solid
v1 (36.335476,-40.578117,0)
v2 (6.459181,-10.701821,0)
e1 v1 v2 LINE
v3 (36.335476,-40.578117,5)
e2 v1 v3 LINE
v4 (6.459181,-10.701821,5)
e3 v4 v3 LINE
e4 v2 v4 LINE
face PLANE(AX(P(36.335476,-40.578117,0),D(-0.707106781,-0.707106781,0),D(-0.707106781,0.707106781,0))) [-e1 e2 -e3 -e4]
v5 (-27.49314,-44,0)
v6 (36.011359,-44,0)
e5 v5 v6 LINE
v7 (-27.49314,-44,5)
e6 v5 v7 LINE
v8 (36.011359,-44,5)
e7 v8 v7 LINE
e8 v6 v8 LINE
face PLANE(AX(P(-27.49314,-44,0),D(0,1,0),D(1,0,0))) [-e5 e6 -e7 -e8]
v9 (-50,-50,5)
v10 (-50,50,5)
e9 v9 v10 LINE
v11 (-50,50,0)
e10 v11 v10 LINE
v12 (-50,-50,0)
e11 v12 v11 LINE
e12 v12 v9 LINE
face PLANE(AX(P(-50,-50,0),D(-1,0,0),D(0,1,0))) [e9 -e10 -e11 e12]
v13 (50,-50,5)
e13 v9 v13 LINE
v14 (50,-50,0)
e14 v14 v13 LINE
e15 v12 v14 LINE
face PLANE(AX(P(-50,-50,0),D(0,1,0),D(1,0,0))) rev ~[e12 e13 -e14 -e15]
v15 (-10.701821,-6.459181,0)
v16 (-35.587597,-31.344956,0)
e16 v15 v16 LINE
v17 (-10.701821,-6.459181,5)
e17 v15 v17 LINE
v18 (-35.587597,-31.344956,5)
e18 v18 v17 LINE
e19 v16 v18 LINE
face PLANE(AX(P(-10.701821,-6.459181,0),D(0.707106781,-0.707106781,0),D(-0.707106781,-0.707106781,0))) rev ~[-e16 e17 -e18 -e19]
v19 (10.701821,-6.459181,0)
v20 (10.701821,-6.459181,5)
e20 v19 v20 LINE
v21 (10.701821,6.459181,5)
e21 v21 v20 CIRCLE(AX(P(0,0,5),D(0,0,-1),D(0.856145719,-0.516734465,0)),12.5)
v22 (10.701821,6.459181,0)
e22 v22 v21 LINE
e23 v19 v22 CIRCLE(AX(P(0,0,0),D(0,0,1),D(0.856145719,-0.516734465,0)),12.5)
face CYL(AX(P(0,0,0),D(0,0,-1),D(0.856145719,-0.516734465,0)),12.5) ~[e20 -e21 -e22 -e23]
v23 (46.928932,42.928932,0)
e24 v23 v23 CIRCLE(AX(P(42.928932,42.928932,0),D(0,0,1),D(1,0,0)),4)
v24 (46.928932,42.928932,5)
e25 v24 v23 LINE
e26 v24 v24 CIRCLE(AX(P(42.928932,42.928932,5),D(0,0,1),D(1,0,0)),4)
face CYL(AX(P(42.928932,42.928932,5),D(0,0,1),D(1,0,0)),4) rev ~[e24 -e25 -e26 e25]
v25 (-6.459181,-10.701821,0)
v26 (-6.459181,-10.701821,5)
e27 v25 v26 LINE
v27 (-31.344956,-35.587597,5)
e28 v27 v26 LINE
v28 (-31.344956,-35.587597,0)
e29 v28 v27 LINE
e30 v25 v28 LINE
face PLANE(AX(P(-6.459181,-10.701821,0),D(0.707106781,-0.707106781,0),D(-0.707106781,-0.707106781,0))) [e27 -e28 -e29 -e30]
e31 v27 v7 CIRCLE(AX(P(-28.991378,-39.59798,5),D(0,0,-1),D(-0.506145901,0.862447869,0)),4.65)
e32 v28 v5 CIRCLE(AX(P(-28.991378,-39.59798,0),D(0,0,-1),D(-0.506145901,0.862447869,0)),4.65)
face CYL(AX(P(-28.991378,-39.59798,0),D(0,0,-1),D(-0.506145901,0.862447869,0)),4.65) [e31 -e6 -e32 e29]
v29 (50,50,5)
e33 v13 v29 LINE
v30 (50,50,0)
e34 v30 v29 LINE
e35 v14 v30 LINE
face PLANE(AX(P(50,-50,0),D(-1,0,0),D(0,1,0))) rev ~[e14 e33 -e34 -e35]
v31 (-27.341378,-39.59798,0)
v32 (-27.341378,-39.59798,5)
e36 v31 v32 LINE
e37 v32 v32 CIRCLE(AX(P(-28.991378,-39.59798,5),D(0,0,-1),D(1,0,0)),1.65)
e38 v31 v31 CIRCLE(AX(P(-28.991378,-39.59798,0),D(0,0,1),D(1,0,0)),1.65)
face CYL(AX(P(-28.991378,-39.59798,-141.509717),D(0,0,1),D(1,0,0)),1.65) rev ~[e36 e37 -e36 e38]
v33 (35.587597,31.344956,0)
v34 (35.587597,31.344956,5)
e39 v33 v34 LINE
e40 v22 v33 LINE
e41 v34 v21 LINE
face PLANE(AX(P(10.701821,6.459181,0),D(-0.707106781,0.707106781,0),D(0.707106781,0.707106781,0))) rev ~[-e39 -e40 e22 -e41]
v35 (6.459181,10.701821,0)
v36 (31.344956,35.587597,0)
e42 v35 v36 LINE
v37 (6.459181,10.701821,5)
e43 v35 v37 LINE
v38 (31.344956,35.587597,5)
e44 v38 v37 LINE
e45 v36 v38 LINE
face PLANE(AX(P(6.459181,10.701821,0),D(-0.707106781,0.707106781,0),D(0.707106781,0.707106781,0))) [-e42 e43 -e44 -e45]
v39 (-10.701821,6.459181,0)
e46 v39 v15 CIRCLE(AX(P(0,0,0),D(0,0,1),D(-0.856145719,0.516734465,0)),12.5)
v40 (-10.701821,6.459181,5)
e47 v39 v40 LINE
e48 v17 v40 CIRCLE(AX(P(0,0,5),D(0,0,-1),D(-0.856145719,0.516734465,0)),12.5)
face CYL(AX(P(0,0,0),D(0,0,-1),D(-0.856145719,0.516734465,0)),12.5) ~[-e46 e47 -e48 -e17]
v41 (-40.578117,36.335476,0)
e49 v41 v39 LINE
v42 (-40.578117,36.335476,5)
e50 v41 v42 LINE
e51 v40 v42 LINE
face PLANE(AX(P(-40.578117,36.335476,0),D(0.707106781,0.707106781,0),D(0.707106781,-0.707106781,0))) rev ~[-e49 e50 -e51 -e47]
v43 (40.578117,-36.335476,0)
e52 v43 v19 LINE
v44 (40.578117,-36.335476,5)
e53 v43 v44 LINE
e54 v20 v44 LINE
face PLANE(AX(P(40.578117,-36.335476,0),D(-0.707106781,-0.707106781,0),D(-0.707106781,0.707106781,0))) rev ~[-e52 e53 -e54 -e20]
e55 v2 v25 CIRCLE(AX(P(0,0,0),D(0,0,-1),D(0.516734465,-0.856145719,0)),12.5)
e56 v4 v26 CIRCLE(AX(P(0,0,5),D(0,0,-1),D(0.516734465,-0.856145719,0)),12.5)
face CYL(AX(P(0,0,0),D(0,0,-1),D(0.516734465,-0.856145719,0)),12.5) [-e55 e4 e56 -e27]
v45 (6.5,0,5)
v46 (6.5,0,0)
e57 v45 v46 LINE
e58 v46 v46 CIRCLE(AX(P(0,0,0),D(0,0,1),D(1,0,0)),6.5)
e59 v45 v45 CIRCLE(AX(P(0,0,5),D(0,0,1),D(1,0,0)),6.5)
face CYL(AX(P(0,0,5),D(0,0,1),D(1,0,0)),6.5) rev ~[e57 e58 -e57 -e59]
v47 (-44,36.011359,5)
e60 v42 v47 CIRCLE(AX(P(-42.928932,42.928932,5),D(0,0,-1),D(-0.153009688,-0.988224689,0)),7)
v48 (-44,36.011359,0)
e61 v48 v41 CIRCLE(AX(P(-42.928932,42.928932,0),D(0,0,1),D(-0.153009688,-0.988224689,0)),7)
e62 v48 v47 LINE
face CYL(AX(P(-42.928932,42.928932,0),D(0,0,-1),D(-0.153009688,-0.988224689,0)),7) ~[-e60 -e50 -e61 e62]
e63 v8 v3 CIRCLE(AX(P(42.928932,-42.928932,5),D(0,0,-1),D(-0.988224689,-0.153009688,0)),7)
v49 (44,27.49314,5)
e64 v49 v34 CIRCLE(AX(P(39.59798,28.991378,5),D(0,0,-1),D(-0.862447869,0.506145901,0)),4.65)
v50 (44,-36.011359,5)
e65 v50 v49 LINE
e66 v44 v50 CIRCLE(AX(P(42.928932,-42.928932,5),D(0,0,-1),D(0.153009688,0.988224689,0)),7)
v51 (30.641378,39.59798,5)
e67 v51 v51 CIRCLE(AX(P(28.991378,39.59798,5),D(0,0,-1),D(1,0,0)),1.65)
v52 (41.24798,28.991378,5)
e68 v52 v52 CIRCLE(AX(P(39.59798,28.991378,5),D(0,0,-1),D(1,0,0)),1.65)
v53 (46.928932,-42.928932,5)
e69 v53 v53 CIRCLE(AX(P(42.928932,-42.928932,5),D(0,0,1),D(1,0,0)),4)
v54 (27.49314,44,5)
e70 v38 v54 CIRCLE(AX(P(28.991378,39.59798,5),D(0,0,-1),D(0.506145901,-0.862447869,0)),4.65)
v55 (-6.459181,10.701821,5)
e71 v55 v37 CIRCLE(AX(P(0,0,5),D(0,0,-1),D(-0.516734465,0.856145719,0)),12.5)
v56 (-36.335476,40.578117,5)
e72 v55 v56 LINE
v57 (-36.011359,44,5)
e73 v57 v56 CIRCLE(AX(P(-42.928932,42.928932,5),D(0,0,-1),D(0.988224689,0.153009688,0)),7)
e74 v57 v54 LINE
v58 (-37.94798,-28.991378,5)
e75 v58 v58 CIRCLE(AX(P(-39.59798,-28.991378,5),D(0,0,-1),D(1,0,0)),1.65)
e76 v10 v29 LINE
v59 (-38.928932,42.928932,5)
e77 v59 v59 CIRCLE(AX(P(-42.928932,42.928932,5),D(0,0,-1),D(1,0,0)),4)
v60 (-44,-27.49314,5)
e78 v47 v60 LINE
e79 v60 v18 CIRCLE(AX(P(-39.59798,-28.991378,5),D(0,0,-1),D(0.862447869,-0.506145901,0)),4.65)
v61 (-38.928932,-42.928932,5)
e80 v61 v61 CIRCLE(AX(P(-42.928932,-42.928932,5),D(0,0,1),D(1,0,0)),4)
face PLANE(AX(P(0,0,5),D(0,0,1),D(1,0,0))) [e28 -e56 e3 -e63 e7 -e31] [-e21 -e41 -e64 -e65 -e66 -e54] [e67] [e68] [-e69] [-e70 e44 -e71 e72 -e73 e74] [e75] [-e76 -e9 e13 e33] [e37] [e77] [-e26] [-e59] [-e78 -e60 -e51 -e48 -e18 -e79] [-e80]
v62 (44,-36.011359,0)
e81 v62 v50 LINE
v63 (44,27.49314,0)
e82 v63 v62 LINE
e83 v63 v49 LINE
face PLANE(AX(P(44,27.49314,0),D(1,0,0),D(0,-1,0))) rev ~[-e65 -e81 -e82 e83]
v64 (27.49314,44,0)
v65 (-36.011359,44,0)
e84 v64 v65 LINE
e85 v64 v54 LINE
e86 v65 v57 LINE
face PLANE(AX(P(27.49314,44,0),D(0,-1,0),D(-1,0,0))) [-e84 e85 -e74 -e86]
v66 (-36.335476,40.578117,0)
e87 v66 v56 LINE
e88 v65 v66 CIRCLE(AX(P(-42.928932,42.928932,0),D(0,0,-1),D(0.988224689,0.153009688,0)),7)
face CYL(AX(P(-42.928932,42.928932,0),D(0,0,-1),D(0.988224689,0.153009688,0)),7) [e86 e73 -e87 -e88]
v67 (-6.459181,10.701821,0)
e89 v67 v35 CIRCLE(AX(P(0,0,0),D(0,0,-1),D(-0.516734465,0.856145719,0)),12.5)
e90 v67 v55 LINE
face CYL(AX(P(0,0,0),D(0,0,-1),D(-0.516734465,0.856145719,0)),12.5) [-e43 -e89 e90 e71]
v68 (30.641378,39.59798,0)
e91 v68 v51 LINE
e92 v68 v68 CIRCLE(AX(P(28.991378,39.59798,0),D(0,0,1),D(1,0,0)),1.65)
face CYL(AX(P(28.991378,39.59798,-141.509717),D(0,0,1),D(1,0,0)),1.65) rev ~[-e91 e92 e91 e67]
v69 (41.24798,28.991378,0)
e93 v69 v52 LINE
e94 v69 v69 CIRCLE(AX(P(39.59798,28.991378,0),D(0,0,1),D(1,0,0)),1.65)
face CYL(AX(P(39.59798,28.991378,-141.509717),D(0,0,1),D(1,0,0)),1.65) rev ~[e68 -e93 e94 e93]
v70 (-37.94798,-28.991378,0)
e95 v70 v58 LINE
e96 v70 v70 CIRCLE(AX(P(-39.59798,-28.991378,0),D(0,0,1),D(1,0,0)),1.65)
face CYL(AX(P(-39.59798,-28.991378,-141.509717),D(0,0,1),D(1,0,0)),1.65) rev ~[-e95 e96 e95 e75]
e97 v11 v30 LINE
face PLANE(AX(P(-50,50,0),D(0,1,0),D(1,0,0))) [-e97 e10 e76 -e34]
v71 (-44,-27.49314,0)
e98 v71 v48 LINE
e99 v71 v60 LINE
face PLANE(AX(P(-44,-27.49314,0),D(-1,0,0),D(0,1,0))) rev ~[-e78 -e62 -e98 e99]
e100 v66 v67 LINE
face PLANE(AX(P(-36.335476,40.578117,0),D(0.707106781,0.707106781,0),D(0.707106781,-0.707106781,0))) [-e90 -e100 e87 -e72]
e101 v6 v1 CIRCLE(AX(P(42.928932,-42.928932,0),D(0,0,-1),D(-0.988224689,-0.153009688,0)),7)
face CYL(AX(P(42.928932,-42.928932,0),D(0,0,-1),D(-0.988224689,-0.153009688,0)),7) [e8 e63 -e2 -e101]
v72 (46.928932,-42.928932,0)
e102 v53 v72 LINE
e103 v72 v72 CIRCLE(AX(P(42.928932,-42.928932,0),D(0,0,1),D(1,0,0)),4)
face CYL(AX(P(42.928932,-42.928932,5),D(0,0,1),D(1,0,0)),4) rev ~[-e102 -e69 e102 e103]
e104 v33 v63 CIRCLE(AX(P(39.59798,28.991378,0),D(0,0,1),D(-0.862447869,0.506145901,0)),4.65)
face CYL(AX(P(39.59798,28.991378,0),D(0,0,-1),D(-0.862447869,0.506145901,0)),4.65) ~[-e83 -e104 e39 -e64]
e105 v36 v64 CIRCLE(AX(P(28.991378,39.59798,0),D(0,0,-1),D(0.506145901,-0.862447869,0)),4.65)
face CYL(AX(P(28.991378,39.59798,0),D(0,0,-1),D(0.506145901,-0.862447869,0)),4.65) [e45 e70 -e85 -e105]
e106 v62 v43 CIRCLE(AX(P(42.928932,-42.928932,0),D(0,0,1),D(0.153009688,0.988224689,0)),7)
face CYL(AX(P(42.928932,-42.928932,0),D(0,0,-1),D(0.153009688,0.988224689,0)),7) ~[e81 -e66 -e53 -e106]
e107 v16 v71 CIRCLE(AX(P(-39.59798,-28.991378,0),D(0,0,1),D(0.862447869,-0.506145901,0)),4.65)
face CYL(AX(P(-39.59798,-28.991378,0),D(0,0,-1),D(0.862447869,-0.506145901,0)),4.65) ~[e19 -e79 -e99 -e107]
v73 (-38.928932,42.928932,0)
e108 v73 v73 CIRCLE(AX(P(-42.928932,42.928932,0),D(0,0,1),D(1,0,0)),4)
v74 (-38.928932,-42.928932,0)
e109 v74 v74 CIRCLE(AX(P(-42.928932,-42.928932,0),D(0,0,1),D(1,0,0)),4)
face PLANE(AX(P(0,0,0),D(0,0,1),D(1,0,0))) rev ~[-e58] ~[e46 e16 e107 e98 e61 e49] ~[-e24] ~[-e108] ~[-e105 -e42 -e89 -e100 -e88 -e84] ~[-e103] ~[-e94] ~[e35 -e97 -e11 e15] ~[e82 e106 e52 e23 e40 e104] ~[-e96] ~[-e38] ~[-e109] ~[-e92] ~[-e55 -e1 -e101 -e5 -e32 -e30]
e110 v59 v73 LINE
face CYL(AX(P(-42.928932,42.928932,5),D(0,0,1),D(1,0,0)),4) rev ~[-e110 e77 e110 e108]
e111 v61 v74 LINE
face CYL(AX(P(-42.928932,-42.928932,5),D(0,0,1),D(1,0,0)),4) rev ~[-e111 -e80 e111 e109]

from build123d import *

# Parameters (mm, degrees)
SKETCH1_W                  = 100
SKETCH1_H                  = 100
MAINBODY_DEPTH             = 5
SKETCH2_R                  = 6.5
SKETCH2_R_2                = 4
BEARING_BUSHINGHOLES_DEPTH = 6
M4_TAPPED_HOLE1_D          = 3.3
SKETCH5_R                  = 1.65
SKETCH5_R_2                = 4
CUT_EXTRUDE1_DEPTH         = 6


with BuildPart() as part:
    # Sketch1 → MainBody (new body)
    with BuildSketch(Plane.XY):
        Rectangle(SKETCH1_W, SKETCH1_H)
    extrude(amount=MAINBODY_DEPTH)

    # Sketch2 → Bearing&BushingHoles (cut, through all)
    with BuildSketch(Plane.XY.offset(5)):
        Circle(SKETCH2_R)
        with Locations((-42.928932188, -42.928932188)):
            Circle(SKETCH2_R_2)
        with Locations((42.928932188, -42.928932188)):
            Circle(SKETCH2_R_2)
        with Locations((42.928932188, 42.928932188)):
            Circle(SKETCH2_R_2)
        with Locations((-42.928932188, 42.928932188)):
            Circle(SKETCH2_R_2)
    extrude(amount=-BEARING_BUSHINGHOLES_DEPTH, mode=Mode.SUBTRACT)

    # M4 Tapped Hole1 (through all)
    with Locations(Plane(origin=(-39.597979746, -28.991378029, 0), x_dir=(-1, 0, 0), z_dir=(0, 0, -1))):
        with Locations((0, 0), (-10.606601717, -10.606601717), (-68.589357775, 68.589357775), (-79.195959492, 57.982756058)):
            Hole(M4_TAPPED_HOLE1_D / 2)

    # Sketch5 → Cut-Extrude1 (cut, through all)
    with BuildSketch(Plane(origin=(0, 0, 0), x_dir=(-1, 0, 0), z_dir=(0, 0, -1))):
        with Locations((28.991378029, -39.597979746)):
            Circle(SKETCH5_R)
        with Locations((39.597979746, -28.991378029)):
            Circle(SKETCH5_R)
        with Locations((42.928932188, 42.928932188)):
            Circle(SKETCH5_R_2)
        with Locations((-39.597979746, 28.991378029)):
            Circle(SKETCH5_R)
        with Locations((-28.991378029, 39.597979746)):
            Circle(SKETCH5_R)
        with BuildLine():
            Line((-44, 27.493139834), (-44, -36.011359367))
            ThreePointArc((-44, -36.011359367), (-42.268855308, -35.960123214), (-40.578116577, -36.33547589))
            Line((-40.578116577, -36.33547589), (-10.701821494, -6.459180807))
            ThreePointArc((-10.701821494, -6.459180807), (-12.5, 0), (-10.701821494, 6.459180807))
            Line((-10.701821494, 6.459180807), (-35.587597155, 31.344956468))
            ThreePointArc((-35.587597155, 31.344956468), (-37.66214198, 24.763490596), (-44, 27.493139834))
        make_face()
        with BuildLine():
            Line((44, -27.493139834), (44, 36.011359367))
            ThreePointArc((44, 36.011359367), (42.268855308, 35.960123214), (40.578116577, 36.33547589))
            Line((40.578116577, 36.33547589), (10.701821494, 6.459180807))
            ThreePointArc((10.701821494, 6.459180807), (12.5, 0), (10.701821494, -6.459180807))
            Line((10.701821494, -6.459180807), (35.587597155, -31.344956468))
            ThreePointArc((35.587597155, -31.344956468), (37.66214198, -24.763490596), (44, -27.493139834))
        make_face()
        with BuildLine():
            Line((-27.493139834, 44), (36.011359367, 44))
            ThreePointArc((36.011359367, 44), (35.960123214, 42.268855308), (36.33547589, 40.578116577))
            Line((36.33547589, 40.578116577), (6.459180807, 10.701821494))
            ThreePointArc((6.459180807, 10.701821494), (0, 12.5), (-6.459180807, 10.701821494))
            Line((-6.459180807, 10.701821494), (-31.344956468, 35.587597155))
            ThreePointArc((-31.344956468, 35.587597155), (-24.763490596, 37.66214198), (-27.493139834, 44))
        make_face()
        with BuildLine():
            Line((6.459180807, -10.701821494), (31.344956468, -35.587597155))
            ThreePointArc((31.344956468, -35.587597155), (24.763490596, -37.66214198), (27.493139834, -44))
            Line((27.493139834, -44), (-36.011359367, -44))
            ThreePointArc((-36.011359367, -44), (-35.960123214, -42.268855308), (-36.33547589, -40.578116577))
            Line((-36.33547589, -40.578116577), (-6.459180807, -10.701821494))
            ThreePointArc((-6.459180807, -10.701821494), (0, -12.5), (6.459180807, -10.701821494))
        make_face()
    extrude(amount=-CUT_EXTRUDE1_DEPTH, mode=Mode.SUBTRACT)


solid = part.part
